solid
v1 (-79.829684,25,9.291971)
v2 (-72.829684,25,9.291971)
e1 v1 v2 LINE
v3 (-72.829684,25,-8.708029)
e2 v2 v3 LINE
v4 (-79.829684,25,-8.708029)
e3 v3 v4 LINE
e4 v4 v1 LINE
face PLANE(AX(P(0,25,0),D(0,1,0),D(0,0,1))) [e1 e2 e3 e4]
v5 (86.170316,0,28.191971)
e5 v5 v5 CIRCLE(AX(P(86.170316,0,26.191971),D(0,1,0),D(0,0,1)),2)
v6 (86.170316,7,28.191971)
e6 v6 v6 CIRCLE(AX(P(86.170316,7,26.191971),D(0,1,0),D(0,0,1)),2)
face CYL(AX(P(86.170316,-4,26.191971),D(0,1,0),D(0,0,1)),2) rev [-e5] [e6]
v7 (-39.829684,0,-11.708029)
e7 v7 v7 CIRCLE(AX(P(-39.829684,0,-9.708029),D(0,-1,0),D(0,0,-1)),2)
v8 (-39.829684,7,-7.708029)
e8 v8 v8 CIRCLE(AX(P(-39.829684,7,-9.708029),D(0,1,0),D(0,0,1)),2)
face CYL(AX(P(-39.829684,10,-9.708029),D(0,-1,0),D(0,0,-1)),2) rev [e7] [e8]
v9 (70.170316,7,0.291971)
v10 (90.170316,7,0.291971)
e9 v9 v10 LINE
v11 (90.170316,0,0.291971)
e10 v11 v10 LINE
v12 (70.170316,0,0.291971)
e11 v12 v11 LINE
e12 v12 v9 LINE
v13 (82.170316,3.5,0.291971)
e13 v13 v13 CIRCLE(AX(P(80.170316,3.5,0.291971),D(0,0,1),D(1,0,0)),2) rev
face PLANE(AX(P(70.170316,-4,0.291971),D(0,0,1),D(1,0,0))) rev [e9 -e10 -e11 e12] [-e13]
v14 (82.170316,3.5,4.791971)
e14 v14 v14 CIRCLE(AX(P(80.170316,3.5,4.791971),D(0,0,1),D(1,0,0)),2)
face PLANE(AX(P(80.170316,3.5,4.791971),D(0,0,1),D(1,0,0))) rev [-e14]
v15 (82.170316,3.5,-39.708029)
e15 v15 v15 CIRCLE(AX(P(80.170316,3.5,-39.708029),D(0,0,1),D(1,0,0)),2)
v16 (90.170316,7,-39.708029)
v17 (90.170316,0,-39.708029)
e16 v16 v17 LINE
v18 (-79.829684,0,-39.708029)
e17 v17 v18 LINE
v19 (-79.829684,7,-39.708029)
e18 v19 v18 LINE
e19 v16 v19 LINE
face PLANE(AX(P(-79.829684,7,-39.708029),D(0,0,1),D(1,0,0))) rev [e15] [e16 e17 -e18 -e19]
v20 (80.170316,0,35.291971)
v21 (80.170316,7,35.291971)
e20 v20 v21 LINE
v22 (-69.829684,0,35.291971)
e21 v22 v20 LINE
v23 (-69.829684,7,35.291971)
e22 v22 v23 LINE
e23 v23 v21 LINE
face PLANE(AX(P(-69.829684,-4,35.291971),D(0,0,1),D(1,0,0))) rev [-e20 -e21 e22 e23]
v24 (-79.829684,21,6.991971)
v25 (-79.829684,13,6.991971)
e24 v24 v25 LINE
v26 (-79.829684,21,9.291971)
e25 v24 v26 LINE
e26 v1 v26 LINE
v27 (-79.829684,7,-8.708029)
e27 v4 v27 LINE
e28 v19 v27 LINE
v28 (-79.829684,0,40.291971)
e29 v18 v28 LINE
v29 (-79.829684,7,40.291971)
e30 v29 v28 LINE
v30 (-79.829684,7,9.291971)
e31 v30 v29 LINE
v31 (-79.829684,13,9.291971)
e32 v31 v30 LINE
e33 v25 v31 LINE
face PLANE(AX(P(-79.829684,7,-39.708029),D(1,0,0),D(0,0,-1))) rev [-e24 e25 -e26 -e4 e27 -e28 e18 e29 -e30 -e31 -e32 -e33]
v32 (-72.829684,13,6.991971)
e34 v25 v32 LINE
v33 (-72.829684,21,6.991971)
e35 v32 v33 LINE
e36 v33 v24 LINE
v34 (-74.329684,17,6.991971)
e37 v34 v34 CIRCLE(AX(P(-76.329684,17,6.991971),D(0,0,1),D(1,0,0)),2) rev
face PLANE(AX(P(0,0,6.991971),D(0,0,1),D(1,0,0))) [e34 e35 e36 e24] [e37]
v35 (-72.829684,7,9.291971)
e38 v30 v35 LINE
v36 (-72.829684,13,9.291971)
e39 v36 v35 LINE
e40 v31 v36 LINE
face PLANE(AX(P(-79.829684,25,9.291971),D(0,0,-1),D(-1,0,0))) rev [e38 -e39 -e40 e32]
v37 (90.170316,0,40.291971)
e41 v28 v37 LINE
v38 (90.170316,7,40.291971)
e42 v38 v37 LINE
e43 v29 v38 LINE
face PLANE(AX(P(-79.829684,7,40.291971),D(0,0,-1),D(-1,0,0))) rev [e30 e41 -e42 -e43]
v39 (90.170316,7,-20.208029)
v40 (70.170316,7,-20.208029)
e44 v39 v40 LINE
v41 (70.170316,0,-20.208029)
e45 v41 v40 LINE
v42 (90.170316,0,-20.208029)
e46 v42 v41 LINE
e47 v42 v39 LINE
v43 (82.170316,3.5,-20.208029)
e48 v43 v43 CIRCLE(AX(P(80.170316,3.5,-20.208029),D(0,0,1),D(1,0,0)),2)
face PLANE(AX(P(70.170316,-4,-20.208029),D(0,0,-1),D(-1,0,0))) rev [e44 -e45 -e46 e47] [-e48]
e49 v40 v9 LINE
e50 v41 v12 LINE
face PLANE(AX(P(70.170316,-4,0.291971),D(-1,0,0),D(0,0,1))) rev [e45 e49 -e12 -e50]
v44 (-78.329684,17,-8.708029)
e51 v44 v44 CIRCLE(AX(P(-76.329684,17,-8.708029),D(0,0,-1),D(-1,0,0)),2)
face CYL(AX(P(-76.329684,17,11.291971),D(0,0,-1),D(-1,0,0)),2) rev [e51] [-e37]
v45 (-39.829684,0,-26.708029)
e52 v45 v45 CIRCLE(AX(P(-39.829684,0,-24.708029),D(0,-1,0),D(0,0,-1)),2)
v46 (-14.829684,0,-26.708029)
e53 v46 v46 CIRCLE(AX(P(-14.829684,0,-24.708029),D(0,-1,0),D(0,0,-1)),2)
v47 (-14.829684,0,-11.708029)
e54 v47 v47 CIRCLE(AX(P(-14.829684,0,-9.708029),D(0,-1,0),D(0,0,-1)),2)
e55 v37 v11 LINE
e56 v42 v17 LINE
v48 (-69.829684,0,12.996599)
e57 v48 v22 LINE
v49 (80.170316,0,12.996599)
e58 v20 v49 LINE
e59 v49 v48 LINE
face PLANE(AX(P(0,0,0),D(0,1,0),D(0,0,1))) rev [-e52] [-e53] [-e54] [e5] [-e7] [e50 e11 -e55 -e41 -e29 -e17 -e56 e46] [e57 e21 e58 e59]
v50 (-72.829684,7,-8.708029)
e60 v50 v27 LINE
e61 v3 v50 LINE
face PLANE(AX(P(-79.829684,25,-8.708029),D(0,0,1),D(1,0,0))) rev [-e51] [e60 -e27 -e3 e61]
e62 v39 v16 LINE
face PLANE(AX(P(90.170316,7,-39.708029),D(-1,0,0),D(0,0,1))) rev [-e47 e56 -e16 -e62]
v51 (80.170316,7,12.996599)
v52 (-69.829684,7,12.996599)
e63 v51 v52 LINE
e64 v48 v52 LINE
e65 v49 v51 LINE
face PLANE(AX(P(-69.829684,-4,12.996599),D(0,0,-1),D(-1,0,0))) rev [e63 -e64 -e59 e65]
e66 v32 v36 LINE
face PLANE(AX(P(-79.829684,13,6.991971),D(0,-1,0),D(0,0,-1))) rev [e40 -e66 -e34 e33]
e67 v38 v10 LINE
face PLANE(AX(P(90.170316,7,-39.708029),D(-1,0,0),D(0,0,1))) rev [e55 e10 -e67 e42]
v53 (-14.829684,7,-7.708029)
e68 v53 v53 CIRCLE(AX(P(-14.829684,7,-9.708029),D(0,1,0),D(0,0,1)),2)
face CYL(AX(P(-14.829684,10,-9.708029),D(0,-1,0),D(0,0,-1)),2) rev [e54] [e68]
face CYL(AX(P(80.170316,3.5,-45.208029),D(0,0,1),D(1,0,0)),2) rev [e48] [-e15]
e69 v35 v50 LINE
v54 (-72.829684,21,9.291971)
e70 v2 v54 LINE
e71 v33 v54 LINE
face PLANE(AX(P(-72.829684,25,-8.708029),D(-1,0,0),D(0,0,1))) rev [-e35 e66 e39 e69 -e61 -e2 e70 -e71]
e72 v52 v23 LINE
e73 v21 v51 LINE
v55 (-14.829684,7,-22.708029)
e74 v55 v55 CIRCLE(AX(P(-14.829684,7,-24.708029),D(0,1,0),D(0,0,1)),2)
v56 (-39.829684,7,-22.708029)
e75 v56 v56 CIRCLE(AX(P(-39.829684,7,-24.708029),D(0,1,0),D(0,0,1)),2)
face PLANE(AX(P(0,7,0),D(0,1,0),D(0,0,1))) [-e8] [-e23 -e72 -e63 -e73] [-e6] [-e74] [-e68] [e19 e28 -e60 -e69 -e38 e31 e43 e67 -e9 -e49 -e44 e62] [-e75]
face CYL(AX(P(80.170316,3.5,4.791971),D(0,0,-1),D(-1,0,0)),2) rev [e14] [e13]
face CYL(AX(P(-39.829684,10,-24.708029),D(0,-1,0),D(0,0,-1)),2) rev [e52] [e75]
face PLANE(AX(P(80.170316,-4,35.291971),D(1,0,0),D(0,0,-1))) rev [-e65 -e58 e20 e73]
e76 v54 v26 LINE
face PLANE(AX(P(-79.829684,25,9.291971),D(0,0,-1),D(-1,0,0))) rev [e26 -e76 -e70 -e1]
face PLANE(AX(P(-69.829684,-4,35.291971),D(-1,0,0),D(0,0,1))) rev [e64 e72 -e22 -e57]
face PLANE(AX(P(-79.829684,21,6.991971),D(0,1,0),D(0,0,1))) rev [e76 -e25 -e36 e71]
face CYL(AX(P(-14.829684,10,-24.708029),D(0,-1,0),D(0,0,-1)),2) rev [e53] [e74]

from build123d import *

# Parameters (mm, degrees)
SKETCH1_W           = 170
SKETCH1_H           = 80
BOSS_EXTRUDE1_DEPTH = 7
SKETCH2_W           = 7
SKETCH2_H           = 18
BOSS_EXTRUDE2_DEPTH = 18
SKETCH3_R           = 2
CUT_EXTRUDE1_DEPTH  = 20
SKETCH4_W           = 7
SKETCH4_H           = 8
CUT_EXTRUDE2_DEPTH  = 2.3
SKETCH5_W           = 150
SKETCH5_H           = 22.295371368
CUT_EXTRUDE3_DEPTH  = 11
SKETCH6_R           = 2
SKETCH6_W           = 20
SKETCH6_H           = 20.5
CUT_EXTRUDE4_DEPTH  = 11
SKETCH7_R           = 2
CUT_EXTRUDE5_DEPTH  = 25
CUT_EXTRUDE6_START  = 25
SKETCH7_2_R         = 2
CUT_EXTRUDE6_DEPTH  = 25
SKETCH10_R          = 2
CUT_EXTRUDE7_DEPTH  = 10


with BuildPart() as part:
    # Sketch1 → Boss-Extrude1 (new body)
    with BuildSketch(Plane(origin=(0, 0, 0), x_dir=(1, 0, 0), z_dir=(0, 1, 0))):
        with Locations((5.170316302, -0.291970803)):
            Rectangle(SKETCH1_W, SKETCH1_H)
    extrude(amount=BOSS_EXTRUDE1_DEPTH)

    # Sketch2 → Boss-Extrude2 (add)
    with BuildSketch(Plane(origin=(0, 7, 0), x_dir=(1, 0, 0), z_dir=(0, 1, 0))):
        with Locations((-76.329683698, -0.291970803)):
            Rectangle(SKETCH2_W, SKETCH2_H)
    extrude(amount=BOSS_EXTRUDE2_DEPTH)

    # Sketch3 → Cut-Extrude1 (cut)
    with BuildSketch(Plane(origin=(0, 0, -8.708029197), x_dir=(-1, 0, 0), z_dir=(0, 0, -1))):
        with Locations((76.329683698, 17)):
            Circle(SKETCH3_R)
    extrude(amount=-CUT_EXTRUDE1_DEPTH, mode=Mode.SUBTRACT)

    # Sketch4 → Cut-Extrude2 (cut)
    with BuildSketch(Plane.XY.offset(9.291970803)):
        with Locations((-76.329683698, 17)):
            Rectangle(SKETCH4_W, SKETCH4_H)
    extrude(amount=-CUT_EXTRUDE2_DEPTH, mode=Mode.SUBTRACT)

    # Sketch5 → Cut-Extrude3 (cut)
    with BuildSketch(Plane(origin=(0, 7, 0), x_dir=(1, 0, 0), z_dir=(0, 1, 0))):
        with Locations((5.170316302, -24.144285119)):
            Rectangle(SKETCH5_W, SKETCH5_H)
    extrude(amount=-CUT_EXTRUDE3_DEPTH, mode=Mode.SUBTRACT)

    # Sketch6 → Cut-Extrude4 (cut)
    with BuildSketch(Plane(origin=(0, 7, 0), x_dir=(1, 0, 0), z_dir=(0, 1, 0))):
        with Locations((86.170316302, -26.191970803)):
            Circle(SKETCH6_R)
        with Locations((80.170316302, 9.958029197)):
            Rectangle(SKETCH6_W, SKETCH6_H)
    extrude(amount=-CUT_EXTRUDE4_DEPTH, mode=Mode.SUBTRACT)

    # Sketch7 → Cut-Extrude5 (cut)
    with BuildSketch(Plane.XY.offset(-20.208029197)):
        with Locations((80.170316302, 3.5)):
            Circle(SKETCH7_R)
    extrude(amount=-CUT_EXTRUDE5_DEPTH, mode=Mode.SUBTRACT)

    # Sketch7<2> → Cut-Extrude6 (cut)
    with BuildSketch(Plane.XY.offset(-20.208029197).offset(CUT_EXTRUDE6_START)):
        with Locations((80.170316302, 3.5)):
            Circle(SKETCH7_2_R)
    extrude(amount=-CUT_EXTRUDE6_DEPTH, mode=Mode.SUBTRACT)

    # Sketch10 → Cut-Extrude7 (cut)
    with BuildSketch(Plane.XZ):
        with Locations((-39.829683698, -9.708029197)):
            Circle(SKETCH10_R)
        with Locations((-39.829683698, -24.708029197)):
            Circle(SKETCH10_R)
        with Locations((-14.829683698, -24.708029197)):
            Circle(SKETCH10_R)
        with Locations((-14.829683698, -9.708029197)):
            Circle(SKETCH10_R)
    extrude(amount=-CUT_EXTRUDE7_DEPTH, mode=Mode.SUBTRACT)


solid = part.part
